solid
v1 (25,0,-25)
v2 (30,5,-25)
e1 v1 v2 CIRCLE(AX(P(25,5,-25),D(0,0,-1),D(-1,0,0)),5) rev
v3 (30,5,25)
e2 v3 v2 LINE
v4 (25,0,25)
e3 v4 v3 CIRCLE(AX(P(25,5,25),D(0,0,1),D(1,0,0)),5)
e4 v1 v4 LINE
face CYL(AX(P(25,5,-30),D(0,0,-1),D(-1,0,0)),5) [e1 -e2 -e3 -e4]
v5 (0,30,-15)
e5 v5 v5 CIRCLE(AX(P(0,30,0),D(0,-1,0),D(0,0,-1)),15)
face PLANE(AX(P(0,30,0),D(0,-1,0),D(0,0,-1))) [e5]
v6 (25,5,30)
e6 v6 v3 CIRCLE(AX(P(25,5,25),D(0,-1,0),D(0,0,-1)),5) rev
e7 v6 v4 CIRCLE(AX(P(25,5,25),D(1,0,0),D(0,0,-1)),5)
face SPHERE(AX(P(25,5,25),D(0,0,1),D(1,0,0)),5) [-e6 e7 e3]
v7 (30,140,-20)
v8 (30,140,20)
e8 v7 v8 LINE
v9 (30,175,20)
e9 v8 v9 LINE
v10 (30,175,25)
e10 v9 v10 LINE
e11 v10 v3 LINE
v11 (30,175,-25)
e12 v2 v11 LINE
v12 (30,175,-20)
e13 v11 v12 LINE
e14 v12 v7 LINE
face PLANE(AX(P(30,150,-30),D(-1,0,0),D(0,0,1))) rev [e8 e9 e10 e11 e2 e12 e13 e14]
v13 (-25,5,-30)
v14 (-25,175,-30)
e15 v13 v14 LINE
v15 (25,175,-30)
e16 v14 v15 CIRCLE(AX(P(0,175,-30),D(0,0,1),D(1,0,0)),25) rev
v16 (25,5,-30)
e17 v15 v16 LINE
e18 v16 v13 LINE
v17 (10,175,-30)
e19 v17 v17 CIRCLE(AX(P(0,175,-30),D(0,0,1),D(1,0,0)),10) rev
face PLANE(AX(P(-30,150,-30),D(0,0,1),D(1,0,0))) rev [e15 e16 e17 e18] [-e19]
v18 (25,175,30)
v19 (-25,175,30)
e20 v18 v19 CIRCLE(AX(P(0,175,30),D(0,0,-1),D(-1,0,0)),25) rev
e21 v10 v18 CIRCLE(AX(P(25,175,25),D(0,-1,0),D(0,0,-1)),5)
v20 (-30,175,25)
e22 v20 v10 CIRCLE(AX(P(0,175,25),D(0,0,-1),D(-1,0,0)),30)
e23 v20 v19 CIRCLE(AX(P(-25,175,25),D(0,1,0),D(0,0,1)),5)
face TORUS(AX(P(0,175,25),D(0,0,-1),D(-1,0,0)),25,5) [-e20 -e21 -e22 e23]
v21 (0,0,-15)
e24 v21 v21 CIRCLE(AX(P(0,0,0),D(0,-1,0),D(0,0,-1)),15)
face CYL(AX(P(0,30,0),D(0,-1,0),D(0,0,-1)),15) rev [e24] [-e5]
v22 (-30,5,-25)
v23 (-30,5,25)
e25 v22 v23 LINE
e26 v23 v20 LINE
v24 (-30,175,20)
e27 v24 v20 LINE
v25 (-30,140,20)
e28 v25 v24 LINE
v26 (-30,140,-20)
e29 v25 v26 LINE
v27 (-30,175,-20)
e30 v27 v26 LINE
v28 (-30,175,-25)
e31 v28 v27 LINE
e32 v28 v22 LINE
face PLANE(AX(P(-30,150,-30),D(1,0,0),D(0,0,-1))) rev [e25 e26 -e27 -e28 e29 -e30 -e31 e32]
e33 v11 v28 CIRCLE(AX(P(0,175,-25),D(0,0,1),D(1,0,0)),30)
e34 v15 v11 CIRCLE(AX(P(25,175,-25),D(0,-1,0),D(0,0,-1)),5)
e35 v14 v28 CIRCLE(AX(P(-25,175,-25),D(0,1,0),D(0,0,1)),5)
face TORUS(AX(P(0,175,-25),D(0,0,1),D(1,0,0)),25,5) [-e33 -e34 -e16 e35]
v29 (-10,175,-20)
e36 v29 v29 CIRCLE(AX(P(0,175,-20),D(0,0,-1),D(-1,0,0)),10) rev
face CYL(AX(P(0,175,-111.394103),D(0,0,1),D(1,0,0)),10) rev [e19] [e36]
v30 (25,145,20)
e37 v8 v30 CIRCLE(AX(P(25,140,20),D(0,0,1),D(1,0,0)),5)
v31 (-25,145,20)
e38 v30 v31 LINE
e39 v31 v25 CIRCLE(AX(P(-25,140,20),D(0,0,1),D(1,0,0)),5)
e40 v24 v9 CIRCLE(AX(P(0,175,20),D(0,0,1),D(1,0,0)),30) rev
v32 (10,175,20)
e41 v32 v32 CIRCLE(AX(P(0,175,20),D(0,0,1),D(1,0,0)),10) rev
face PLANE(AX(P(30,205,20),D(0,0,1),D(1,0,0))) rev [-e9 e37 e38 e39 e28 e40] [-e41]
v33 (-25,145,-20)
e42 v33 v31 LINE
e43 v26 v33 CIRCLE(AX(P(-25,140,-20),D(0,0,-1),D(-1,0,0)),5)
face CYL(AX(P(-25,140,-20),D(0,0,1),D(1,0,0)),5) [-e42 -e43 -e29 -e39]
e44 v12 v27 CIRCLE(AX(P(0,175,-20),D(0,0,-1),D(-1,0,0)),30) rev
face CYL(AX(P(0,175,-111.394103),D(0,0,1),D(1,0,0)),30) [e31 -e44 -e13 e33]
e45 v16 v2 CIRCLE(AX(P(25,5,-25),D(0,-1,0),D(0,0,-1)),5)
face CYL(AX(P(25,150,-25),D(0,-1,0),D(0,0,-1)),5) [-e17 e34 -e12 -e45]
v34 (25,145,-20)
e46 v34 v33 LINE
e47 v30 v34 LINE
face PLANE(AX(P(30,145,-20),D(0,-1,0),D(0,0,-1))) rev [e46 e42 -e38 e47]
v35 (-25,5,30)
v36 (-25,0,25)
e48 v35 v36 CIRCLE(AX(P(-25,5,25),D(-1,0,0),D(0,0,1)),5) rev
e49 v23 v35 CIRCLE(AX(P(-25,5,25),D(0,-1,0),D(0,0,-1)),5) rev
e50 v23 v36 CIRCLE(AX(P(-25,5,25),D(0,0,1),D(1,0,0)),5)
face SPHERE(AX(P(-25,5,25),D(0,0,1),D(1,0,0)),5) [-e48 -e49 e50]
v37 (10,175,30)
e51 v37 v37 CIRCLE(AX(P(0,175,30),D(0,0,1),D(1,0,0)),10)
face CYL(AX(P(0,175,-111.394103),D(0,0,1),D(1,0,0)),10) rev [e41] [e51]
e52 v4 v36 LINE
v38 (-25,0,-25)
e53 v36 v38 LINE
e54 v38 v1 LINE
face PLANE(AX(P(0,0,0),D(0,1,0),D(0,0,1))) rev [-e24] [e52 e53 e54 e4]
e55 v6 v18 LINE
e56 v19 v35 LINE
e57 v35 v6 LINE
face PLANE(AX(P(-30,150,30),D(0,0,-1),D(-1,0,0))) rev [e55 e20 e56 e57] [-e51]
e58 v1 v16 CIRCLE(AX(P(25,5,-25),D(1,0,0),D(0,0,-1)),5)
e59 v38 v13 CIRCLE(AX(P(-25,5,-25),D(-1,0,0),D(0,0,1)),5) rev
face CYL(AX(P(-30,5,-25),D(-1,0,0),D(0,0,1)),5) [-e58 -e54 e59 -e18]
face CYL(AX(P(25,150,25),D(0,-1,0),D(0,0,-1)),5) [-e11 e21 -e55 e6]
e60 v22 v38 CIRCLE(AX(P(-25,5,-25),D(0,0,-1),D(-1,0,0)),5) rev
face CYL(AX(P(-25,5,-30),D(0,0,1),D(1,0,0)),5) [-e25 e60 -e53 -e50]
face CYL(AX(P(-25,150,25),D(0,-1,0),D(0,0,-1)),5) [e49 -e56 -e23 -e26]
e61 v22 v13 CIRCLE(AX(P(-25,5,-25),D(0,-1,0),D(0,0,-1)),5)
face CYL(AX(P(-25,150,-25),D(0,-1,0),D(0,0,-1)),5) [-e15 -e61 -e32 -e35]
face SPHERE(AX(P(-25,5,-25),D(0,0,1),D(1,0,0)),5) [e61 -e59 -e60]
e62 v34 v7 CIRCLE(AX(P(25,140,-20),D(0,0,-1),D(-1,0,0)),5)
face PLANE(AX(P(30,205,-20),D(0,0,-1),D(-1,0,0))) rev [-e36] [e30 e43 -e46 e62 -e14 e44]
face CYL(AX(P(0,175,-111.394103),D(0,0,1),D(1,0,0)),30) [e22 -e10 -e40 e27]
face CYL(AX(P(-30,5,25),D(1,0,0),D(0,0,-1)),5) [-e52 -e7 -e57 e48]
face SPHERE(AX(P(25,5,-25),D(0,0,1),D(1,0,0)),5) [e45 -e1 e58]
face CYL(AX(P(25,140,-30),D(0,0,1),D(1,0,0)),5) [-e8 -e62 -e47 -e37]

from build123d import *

# Parameters (mm, degrees)
SKETCH_1_W          = 60
SKETCH_1_H          = 60
EXTRUDE_1_DEPTH     = 150
SKETCH_2_R          = 15
CUT_EXTRUDE_1_DEPTH = 30
SKETCH_3_R          = 10
EXTRUDE_2_DEPTH     = 60
SKETCH_4_W          = 40
SKETCH_4_H          = 60
CUT_EXTRUDE_2_DEPTH = 61
FILLET_1_R          = 5


with BuildPart() as part:
    # 草圖1 → 填料-伸長1 (new body)
    with BuildSketch(Plane(origin=(0, 0, 0), x_dir=(1, 0, 0), z_dir=(0, 1, 0))):
        Rectangle(SKETCH_1_W, SKETCH_1_H)
    extrude(amount=EXTRUDE_1_DEPTH)

    # 草圖2 → 除料-伸長1 (cut)
    with BuildSketch(Plane.XZ):
        Circle(SKETCH_2_R)
    extrude(amount=-CUT_EXTRUDE_1_DEPTH, mode=Mode.SUBTRACT)

    # 草圖3 → 填料-伸長2 (add)
    with BuildSketch(Plane.XY.offset(30)):
        with BuildLine():
            Line((-30, 150), (-30, 175))
            ThreePointArc((-30, 175), (0, 205), (30, 175))
            Line((30, 175), (30, 150))
            Line((30, 150), (-30, 150))
        make_face()
        with Locations((0, 175)):
            Circle(SKETCH_3_R, mode=Mode.SUBTRACT)
    extrude(amount=-EXTRUDE_2_DEPTH)

    # 草圖4 → 除料-伸長2 (cut, through all)
    with BuildSketch(Plane.ZY.offset(30)):
        with Locations((0, 175)):
            Rectangle(SKETCH_4_W, SKETCH_4_H)
    extrude(amount=-CUT_EXTRUDE_2_DEPTH, mode=Mode.SUBTRACT)

    # 圓角1
    fillet_1_edges = [part.edges().sort_by_distance(p)[0] for p in [
        (0, 205, 30),
        (0, 205, -30),
        (-30, 145, 0),
        (30, 145, 0),
        (0, 0, 30),
        (-30, 0, 0),
        (0, 0, -30),
        (30, 0, 0),
        (30, 87.5, 30),
        (-30, 87.5, 30),
        (-30, 87.5, -30),
        (30, 87.5, -30),
    ]]
    fillet(fillet_1_edges, radius=FILLET_1_R)


solid = part.part
